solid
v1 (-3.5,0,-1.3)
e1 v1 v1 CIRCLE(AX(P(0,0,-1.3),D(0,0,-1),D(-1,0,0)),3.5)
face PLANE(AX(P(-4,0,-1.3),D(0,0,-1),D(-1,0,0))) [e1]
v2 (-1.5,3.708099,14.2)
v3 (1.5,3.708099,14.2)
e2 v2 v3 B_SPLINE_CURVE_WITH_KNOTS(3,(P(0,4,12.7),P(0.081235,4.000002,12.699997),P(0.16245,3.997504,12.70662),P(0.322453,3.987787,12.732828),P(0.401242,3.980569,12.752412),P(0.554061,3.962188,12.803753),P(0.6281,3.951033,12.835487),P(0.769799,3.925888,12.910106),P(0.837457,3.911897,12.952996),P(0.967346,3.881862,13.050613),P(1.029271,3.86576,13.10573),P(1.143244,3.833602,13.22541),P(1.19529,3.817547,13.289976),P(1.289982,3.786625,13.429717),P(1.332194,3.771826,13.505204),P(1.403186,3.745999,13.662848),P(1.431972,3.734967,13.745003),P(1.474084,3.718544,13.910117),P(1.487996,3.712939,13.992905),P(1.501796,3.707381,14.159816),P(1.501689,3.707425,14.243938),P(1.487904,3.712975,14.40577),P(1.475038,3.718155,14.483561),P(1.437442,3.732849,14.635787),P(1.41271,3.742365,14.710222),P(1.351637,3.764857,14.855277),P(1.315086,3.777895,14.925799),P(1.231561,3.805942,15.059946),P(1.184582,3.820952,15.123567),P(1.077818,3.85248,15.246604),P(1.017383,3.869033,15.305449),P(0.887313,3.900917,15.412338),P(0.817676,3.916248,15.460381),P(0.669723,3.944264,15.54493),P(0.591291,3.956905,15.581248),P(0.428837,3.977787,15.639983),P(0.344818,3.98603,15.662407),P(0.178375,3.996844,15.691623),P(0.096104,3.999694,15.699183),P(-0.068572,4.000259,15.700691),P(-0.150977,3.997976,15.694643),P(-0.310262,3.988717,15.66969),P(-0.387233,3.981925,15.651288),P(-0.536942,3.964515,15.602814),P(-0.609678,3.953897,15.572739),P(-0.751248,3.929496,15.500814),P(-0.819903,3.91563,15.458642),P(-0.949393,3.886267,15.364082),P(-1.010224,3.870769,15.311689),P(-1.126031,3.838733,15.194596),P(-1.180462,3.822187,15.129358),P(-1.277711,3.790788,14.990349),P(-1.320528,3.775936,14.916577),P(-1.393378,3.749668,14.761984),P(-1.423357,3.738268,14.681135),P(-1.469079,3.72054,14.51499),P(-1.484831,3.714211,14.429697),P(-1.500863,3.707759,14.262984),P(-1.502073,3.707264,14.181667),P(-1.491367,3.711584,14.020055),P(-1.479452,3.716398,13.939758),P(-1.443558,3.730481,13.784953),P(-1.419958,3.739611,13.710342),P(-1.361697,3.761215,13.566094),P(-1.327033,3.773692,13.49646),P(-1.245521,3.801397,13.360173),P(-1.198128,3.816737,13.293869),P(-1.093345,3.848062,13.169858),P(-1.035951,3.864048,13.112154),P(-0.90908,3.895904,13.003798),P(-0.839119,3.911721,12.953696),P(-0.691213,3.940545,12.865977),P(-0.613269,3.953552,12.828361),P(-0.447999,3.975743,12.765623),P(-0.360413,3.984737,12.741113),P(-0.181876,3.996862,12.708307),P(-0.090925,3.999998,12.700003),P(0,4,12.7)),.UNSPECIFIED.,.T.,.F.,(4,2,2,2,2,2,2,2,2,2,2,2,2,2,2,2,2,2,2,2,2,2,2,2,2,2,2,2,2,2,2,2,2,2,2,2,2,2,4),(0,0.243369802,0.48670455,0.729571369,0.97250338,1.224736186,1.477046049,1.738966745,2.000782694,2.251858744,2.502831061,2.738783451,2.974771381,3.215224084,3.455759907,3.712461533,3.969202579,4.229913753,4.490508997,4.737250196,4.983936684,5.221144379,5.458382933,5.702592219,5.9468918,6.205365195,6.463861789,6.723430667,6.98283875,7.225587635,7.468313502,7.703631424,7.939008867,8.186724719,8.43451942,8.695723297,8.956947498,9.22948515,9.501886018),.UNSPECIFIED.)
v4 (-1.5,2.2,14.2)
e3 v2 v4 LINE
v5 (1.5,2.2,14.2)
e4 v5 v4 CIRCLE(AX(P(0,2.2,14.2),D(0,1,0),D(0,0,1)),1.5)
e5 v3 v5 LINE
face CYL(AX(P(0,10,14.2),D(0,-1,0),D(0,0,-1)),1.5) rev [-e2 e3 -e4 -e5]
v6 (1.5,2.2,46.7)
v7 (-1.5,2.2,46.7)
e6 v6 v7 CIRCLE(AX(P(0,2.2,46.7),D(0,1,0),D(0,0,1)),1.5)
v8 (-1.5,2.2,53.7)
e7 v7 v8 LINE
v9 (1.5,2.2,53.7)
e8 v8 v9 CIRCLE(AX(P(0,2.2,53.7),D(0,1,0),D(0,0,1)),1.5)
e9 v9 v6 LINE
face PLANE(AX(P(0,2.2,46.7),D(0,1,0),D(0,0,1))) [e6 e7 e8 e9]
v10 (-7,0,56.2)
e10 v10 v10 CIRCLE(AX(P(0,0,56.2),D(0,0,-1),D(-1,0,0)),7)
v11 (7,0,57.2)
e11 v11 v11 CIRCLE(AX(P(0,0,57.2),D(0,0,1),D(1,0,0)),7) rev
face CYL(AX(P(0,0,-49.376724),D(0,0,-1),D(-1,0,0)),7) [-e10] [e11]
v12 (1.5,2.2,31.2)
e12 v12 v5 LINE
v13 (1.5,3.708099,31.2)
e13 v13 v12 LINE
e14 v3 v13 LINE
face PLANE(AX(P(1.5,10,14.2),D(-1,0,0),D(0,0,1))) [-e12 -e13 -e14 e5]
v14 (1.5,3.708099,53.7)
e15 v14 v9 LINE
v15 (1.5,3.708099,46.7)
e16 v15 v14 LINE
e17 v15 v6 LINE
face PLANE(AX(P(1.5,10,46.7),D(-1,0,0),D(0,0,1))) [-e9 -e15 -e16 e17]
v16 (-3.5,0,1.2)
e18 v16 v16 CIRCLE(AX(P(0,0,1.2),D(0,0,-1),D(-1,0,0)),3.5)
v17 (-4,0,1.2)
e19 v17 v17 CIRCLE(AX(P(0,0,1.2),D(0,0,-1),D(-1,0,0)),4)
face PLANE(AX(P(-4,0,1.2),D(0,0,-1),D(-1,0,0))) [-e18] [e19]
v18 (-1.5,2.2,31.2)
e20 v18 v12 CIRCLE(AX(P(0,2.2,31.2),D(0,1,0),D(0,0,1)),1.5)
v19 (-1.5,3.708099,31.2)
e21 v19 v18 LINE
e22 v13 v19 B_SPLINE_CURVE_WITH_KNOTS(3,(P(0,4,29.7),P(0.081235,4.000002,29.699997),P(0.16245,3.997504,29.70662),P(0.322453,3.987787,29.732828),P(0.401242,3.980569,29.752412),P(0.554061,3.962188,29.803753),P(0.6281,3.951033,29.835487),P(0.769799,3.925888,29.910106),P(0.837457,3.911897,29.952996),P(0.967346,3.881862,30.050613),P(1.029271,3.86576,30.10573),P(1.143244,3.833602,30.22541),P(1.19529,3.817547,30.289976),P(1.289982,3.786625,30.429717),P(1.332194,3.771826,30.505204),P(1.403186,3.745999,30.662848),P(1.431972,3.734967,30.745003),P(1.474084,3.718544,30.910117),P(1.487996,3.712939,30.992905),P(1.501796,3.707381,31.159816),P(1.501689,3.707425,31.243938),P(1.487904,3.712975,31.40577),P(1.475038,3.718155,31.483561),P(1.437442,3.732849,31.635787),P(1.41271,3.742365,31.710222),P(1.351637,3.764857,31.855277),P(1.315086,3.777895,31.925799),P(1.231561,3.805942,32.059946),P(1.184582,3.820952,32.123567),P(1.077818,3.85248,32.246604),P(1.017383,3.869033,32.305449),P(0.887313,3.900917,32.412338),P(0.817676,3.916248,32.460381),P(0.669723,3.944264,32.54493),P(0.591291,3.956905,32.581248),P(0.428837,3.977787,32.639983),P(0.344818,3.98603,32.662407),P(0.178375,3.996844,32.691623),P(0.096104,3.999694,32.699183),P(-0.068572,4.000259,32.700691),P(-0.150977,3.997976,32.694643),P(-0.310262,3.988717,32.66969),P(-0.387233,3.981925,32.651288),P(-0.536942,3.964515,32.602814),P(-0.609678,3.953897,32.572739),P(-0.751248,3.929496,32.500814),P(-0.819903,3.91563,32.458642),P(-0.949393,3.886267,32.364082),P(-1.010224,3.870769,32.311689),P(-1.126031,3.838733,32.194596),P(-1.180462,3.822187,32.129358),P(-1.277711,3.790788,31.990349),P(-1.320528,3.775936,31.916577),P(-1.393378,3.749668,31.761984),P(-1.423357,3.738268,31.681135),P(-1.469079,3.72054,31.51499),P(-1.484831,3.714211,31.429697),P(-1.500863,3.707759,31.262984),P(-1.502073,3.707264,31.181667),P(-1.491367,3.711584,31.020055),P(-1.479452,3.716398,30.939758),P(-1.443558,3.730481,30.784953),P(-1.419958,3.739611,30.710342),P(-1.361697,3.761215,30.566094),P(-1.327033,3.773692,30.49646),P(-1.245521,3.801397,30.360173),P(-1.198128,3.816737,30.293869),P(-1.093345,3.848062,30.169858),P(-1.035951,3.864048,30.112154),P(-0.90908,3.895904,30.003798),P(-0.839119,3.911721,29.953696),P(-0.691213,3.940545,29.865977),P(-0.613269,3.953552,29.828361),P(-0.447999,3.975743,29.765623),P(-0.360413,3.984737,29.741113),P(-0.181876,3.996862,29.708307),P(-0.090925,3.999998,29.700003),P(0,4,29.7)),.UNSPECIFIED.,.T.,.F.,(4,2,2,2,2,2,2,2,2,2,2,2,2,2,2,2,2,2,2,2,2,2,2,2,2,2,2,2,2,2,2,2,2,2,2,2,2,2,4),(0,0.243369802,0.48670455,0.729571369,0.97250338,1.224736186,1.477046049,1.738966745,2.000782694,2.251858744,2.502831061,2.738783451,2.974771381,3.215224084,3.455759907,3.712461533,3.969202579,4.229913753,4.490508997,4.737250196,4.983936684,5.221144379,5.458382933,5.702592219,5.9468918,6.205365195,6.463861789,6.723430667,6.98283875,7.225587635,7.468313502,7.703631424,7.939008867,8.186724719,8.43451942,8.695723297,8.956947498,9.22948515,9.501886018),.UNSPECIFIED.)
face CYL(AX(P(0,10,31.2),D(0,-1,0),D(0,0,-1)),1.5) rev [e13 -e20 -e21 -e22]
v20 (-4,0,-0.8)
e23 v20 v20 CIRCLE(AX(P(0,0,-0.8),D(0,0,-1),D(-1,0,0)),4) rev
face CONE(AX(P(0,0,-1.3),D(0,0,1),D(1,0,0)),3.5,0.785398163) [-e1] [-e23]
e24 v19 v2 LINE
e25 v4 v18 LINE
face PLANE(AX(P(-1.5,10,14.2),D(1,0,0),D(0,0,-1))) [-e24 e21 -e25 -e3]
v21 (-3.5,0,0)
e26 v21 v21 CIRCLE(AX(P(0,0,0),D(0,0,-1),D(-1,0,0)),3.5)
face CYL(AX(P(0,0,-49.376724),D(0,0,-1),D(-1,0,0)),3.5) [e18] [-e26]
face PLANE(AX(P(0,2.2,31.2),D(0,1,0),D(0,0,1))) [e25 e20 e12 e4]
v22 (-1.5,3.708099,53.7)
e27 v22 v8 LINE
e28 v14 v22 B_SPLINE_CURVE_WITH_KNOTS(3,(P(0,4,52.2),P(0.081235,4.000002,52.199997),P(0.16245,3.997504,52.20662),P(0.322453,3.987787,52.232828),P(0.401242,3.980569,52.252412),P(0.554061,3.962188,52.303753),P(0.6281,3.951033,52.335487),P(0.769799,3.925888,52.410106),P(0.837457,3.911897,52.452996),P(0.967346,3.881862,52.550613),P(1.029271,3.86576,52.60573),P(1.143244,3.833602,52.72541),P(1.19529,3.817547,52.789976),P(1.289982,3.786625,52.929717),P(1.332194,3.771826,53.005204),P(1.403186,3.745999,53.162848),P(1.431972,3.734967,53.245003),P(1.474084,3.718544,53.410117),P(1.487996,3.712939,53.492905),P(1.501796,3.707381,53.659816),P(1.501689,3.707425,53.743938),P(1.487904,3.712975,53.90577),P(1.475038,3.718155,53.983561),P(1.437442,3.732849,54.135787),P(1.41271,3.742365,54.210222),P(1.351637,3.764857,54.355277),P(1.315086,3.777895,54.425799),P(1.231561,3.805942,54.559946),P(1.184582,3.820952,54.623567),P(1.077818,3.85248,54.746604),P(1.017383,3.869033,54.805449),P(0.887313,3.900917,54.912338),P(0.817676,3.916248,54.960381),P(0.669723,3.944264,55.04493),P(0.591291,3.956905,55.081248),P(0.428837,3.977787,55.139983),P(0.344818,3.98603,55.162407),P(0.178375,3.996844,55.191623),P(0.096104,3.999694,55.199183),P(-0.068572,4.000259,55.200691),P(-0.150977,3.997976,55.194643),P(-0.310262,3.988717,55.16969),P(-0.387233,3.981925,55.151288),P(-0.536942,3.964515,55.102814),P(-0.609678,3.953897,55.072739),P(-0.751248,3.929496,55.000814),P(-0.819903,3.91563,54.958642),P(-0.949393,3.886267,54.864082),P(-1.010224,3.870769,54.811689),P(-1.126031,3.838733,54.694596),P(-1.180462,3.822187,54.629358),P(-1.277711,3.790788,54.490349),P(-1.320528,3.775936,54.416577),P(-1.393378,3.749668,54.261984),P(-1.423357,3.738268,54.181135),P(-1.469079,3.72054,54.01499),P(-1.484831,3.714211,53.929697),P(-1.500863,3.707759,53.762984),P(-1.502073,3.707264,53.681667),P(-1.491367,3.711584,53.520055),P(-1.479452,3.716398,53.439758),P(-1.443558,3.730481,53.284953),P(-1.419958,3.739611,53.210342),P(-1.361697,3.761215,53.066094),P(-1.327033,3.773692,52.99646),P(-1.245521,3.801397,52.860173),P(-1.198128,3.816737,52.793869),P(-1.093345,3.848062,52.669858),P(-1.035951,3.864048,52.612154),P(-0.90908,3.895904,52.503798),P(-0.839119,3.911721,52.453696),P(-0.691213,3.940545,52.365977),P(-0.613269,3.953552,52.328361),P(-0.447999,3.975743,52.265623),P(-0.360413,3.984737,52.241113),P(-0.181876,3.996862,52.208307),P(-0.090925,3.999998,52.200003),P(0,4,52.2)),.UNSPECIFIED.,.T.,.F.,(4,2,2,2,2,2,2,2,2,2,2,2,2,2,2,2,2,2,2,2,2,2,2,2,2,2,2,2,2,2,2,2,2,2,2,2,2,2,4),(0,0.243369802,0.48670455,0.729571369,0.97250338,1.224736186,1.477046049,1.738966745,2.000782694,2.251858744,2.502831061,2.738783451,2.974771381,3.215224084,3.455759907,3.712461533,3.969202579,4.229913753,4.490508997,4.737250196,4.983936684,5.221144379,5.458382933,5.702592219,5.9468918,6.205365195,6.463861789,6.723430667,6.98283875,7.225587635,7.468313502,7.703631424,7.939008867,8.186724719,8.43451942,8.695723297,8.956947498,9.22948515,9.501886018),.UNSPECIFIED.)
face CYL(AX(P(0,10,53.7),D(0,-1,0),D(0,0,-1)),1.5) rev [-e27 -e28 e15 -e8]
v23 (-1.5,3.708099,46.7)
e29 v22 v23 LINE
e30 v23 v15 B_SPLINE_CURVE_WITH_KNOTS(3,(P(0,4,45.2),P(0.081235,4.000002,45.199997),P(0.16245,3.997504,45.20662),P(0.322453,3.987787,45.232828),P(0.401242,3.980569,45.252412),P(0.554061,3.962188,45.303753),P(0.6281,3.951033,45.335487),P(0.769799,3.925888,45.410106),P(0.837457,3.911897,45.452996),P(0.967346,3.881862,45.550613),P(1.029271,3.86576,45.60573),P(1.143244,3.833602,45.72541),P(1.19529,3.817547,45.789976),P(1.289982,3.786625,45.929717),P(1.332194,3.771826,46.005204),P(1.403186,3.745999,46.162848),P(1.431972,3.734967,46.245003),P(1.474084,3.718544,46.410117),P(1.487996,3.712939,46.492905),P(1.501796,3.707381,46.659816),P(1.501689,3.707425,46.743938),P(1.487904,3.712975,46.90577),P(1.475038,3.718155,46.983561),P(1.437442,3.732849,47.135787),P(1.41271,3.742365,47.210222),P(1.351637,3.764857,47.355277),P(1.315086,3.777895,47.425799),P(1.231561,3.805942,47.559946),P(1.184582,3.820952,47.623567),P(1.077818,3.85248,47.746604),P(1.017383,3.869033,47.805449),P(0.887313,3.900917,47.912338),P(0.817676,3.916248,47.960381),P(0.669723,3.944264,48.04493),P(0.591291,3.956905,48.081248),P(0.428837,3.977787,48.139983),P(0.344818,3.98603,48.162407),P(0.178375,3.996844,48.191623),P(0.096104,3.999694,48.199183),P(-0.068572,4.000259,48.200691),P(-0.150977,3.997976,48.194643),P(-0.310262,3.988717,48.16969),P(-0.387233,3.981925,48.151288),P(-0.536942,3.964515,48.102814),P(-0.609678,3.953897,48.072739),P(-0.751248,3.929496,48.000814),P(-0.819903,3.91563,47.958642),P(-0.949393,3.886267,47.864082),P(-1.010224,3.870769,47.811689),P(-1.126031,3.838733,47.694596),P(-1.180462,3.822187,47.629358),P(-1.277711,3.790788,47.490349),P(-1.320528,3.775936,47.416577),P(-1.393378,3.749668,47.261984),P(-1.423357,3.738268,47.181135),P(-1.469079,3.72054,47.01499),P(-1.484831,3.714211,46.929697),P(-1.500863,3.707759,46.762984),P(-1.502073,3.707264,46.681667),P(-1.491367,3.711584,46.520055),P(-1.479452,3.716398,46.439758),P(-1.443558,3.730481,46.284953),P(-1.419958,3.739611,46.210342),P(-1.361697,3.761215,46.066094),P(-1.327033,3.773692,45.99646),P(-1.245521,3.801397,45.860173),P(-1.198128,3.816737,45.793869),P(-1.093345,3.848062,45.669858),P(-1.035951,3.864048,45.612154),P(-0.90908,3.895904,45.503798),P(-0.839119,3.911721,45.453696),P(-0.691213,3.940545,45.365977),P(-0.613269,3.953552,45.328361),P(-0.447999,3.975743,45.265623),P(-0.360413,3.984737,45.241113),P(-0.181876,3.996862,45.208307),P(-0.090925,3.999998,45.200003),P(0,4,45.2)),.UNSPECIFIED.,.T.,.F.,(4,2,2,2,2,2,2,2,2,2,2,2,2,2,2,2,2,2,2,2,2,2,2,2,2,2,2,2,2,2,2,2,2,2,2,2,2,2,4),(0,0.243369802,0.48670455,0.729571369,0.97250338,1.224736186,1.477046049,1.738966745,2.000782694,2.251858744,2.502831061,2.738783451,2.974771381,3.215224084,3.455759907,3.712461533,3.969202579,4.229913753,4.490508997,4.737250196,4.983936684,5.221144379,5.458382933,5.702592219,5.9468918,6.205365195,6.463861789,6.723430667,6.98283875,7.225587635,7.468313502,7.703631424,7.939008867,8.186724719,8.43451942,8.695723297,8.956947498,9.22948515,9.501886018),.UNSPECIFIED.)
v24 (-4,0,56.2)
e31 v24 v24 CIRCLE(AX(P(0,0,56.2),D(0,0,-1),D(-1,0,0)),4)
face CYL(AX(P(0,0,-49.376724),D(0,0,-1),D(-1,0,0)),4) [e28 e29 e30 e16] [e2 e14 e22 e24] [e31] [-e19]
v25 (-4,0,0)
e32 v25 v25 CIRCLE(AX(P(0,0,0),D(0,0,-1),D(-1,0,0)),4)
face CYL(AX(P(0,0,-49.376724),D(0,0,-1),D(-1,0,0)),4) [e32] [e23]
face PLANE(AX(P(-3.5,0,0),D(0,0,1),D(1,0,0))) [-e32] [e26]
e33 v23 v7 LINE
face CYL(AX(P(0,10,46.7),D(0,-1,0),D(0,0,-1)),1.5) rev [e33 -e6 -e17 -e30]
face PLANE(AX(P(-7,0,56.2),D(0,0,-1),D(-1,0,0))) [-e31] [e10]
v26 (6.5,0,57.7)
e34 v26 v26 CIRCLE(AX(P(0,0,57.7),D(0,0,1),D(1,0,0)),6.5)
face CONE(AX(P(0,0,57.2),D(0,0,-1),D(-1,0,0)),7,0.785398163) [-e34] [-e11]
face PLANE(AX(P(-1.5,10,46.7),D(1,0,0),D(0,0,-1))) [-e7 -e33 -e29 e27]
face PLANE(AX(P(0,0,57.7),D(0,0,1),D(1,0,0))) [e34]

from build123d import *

# Parameters (mm, degrees)
CHAMFER1_SIZE      = 0.5
CUT_EXTRUDE1_DEPTH = 10
EXTRUDE1_DEPTH     = 2.2
EXTRUDE2_DEPTH     = 2.2


with BuildPart() as part:
    # Sketch1 → Revolve1 (revolve)
    with BuildSketch(Plane(origin=(0, 0, 0), x_dir=(1, 0, 0), z_dir=(0, 1, 0))):
        Polygon((0, -57.7), (-7, -57.7), (-7, -56.2), (-4, -56.2), (-4, -19.947651257), (-4, -1.2), (-3.5, -1.2), (-3.5, 0), (-4, 0), (-4, 1.3), (0, 1.3), align=None)
    revolve(axis=Axis((0, 0, -49.376724138), (0, 0, 1)))

    # Chamfer1
    chamfer1_edges = [part.edges().sort_by_distance(p)[0] for p in [
        (4, 0, -1.3),
        (7, 0, 57.7),
    ]]
    chamfer(chamfer1_edges, length=CHAMFER1_SIZE)

    # Sketch2 → Cut-Extrude1 (cut)
    with BuildSketch(Plane(origin=(0, 0, 0), x_dir=(1, 0, 0), z_dir=(0, 1, 0))):
        with BuildLine():
            Line((-1.5, -14.2), (-1.5, -31.2))
            ThreePointArc((-1.5, -31.2), (0, -32.7), (1.5, -31.2))
            Line((1.5, -31.2), (1.5, -14.2))
            ThreePointArc((1.5, -14.2), (0, -12.7), (-1.5, -14.2))
        make_face()
        with BuildLine():
            Line((-1.5, -46.7), (-1.5, -53.7))
            ThreePointArc((-1.5, -53.7), (0, -55.2), (1.5, -53.7))
            Line((1.5, -53.7), (1.5, -46.7))
            ThreePointArc((1.5, -46.7), (0, -45.2), (-1.5, -46.7))
        make_face()
    extrude(amount=CUT_EXTRUDE1_DEPTH, mode=Mode.SUBTRACT)

    # Sketch3 → Extrude1 (add)
    with BuildSketch(Plane(origin=(0, 0, 0), x_dir=(1, 0, 0), z_dir=(0, 1, 0))):
        with BuildLine():
            Line((1.5, -31.2), (1.5, -14.2))
            ThreePointArc((1.5, -14.2), (0, -12.7), (-1.5, -14.2))
            Line((-1.5, -14.2), (-1.5, -31.2))
            ThreePointArc((-1.5, -31.2), (0, -32.7), (1.5, -31.2))
        make_face()
    extrude(amount=EXTRUDE1_DEPTH)

    # Sketch4 → Extrude2 (add)
    with BuildSketch(Plane(origin=(0, 0, 0), x_dir=(1, 0, 0), z_dir=(0, 1, 0))):
        with BuildLine():
            Line((-1.5, -46.7), (-1.5, -53.7))
            ThreePointArc((-1.5, -53.7), (0, -55.2), (1.5, -53.7))
            Line((1.5, -53.7), (1.5, -46.7))
            ThreePointArc((1.5, -46.7), (0, -45.2), (-1.5, -46.7))
        make_face()
    extrude(amount=EXTRUDE2_DEPTH)


solid = part.part
